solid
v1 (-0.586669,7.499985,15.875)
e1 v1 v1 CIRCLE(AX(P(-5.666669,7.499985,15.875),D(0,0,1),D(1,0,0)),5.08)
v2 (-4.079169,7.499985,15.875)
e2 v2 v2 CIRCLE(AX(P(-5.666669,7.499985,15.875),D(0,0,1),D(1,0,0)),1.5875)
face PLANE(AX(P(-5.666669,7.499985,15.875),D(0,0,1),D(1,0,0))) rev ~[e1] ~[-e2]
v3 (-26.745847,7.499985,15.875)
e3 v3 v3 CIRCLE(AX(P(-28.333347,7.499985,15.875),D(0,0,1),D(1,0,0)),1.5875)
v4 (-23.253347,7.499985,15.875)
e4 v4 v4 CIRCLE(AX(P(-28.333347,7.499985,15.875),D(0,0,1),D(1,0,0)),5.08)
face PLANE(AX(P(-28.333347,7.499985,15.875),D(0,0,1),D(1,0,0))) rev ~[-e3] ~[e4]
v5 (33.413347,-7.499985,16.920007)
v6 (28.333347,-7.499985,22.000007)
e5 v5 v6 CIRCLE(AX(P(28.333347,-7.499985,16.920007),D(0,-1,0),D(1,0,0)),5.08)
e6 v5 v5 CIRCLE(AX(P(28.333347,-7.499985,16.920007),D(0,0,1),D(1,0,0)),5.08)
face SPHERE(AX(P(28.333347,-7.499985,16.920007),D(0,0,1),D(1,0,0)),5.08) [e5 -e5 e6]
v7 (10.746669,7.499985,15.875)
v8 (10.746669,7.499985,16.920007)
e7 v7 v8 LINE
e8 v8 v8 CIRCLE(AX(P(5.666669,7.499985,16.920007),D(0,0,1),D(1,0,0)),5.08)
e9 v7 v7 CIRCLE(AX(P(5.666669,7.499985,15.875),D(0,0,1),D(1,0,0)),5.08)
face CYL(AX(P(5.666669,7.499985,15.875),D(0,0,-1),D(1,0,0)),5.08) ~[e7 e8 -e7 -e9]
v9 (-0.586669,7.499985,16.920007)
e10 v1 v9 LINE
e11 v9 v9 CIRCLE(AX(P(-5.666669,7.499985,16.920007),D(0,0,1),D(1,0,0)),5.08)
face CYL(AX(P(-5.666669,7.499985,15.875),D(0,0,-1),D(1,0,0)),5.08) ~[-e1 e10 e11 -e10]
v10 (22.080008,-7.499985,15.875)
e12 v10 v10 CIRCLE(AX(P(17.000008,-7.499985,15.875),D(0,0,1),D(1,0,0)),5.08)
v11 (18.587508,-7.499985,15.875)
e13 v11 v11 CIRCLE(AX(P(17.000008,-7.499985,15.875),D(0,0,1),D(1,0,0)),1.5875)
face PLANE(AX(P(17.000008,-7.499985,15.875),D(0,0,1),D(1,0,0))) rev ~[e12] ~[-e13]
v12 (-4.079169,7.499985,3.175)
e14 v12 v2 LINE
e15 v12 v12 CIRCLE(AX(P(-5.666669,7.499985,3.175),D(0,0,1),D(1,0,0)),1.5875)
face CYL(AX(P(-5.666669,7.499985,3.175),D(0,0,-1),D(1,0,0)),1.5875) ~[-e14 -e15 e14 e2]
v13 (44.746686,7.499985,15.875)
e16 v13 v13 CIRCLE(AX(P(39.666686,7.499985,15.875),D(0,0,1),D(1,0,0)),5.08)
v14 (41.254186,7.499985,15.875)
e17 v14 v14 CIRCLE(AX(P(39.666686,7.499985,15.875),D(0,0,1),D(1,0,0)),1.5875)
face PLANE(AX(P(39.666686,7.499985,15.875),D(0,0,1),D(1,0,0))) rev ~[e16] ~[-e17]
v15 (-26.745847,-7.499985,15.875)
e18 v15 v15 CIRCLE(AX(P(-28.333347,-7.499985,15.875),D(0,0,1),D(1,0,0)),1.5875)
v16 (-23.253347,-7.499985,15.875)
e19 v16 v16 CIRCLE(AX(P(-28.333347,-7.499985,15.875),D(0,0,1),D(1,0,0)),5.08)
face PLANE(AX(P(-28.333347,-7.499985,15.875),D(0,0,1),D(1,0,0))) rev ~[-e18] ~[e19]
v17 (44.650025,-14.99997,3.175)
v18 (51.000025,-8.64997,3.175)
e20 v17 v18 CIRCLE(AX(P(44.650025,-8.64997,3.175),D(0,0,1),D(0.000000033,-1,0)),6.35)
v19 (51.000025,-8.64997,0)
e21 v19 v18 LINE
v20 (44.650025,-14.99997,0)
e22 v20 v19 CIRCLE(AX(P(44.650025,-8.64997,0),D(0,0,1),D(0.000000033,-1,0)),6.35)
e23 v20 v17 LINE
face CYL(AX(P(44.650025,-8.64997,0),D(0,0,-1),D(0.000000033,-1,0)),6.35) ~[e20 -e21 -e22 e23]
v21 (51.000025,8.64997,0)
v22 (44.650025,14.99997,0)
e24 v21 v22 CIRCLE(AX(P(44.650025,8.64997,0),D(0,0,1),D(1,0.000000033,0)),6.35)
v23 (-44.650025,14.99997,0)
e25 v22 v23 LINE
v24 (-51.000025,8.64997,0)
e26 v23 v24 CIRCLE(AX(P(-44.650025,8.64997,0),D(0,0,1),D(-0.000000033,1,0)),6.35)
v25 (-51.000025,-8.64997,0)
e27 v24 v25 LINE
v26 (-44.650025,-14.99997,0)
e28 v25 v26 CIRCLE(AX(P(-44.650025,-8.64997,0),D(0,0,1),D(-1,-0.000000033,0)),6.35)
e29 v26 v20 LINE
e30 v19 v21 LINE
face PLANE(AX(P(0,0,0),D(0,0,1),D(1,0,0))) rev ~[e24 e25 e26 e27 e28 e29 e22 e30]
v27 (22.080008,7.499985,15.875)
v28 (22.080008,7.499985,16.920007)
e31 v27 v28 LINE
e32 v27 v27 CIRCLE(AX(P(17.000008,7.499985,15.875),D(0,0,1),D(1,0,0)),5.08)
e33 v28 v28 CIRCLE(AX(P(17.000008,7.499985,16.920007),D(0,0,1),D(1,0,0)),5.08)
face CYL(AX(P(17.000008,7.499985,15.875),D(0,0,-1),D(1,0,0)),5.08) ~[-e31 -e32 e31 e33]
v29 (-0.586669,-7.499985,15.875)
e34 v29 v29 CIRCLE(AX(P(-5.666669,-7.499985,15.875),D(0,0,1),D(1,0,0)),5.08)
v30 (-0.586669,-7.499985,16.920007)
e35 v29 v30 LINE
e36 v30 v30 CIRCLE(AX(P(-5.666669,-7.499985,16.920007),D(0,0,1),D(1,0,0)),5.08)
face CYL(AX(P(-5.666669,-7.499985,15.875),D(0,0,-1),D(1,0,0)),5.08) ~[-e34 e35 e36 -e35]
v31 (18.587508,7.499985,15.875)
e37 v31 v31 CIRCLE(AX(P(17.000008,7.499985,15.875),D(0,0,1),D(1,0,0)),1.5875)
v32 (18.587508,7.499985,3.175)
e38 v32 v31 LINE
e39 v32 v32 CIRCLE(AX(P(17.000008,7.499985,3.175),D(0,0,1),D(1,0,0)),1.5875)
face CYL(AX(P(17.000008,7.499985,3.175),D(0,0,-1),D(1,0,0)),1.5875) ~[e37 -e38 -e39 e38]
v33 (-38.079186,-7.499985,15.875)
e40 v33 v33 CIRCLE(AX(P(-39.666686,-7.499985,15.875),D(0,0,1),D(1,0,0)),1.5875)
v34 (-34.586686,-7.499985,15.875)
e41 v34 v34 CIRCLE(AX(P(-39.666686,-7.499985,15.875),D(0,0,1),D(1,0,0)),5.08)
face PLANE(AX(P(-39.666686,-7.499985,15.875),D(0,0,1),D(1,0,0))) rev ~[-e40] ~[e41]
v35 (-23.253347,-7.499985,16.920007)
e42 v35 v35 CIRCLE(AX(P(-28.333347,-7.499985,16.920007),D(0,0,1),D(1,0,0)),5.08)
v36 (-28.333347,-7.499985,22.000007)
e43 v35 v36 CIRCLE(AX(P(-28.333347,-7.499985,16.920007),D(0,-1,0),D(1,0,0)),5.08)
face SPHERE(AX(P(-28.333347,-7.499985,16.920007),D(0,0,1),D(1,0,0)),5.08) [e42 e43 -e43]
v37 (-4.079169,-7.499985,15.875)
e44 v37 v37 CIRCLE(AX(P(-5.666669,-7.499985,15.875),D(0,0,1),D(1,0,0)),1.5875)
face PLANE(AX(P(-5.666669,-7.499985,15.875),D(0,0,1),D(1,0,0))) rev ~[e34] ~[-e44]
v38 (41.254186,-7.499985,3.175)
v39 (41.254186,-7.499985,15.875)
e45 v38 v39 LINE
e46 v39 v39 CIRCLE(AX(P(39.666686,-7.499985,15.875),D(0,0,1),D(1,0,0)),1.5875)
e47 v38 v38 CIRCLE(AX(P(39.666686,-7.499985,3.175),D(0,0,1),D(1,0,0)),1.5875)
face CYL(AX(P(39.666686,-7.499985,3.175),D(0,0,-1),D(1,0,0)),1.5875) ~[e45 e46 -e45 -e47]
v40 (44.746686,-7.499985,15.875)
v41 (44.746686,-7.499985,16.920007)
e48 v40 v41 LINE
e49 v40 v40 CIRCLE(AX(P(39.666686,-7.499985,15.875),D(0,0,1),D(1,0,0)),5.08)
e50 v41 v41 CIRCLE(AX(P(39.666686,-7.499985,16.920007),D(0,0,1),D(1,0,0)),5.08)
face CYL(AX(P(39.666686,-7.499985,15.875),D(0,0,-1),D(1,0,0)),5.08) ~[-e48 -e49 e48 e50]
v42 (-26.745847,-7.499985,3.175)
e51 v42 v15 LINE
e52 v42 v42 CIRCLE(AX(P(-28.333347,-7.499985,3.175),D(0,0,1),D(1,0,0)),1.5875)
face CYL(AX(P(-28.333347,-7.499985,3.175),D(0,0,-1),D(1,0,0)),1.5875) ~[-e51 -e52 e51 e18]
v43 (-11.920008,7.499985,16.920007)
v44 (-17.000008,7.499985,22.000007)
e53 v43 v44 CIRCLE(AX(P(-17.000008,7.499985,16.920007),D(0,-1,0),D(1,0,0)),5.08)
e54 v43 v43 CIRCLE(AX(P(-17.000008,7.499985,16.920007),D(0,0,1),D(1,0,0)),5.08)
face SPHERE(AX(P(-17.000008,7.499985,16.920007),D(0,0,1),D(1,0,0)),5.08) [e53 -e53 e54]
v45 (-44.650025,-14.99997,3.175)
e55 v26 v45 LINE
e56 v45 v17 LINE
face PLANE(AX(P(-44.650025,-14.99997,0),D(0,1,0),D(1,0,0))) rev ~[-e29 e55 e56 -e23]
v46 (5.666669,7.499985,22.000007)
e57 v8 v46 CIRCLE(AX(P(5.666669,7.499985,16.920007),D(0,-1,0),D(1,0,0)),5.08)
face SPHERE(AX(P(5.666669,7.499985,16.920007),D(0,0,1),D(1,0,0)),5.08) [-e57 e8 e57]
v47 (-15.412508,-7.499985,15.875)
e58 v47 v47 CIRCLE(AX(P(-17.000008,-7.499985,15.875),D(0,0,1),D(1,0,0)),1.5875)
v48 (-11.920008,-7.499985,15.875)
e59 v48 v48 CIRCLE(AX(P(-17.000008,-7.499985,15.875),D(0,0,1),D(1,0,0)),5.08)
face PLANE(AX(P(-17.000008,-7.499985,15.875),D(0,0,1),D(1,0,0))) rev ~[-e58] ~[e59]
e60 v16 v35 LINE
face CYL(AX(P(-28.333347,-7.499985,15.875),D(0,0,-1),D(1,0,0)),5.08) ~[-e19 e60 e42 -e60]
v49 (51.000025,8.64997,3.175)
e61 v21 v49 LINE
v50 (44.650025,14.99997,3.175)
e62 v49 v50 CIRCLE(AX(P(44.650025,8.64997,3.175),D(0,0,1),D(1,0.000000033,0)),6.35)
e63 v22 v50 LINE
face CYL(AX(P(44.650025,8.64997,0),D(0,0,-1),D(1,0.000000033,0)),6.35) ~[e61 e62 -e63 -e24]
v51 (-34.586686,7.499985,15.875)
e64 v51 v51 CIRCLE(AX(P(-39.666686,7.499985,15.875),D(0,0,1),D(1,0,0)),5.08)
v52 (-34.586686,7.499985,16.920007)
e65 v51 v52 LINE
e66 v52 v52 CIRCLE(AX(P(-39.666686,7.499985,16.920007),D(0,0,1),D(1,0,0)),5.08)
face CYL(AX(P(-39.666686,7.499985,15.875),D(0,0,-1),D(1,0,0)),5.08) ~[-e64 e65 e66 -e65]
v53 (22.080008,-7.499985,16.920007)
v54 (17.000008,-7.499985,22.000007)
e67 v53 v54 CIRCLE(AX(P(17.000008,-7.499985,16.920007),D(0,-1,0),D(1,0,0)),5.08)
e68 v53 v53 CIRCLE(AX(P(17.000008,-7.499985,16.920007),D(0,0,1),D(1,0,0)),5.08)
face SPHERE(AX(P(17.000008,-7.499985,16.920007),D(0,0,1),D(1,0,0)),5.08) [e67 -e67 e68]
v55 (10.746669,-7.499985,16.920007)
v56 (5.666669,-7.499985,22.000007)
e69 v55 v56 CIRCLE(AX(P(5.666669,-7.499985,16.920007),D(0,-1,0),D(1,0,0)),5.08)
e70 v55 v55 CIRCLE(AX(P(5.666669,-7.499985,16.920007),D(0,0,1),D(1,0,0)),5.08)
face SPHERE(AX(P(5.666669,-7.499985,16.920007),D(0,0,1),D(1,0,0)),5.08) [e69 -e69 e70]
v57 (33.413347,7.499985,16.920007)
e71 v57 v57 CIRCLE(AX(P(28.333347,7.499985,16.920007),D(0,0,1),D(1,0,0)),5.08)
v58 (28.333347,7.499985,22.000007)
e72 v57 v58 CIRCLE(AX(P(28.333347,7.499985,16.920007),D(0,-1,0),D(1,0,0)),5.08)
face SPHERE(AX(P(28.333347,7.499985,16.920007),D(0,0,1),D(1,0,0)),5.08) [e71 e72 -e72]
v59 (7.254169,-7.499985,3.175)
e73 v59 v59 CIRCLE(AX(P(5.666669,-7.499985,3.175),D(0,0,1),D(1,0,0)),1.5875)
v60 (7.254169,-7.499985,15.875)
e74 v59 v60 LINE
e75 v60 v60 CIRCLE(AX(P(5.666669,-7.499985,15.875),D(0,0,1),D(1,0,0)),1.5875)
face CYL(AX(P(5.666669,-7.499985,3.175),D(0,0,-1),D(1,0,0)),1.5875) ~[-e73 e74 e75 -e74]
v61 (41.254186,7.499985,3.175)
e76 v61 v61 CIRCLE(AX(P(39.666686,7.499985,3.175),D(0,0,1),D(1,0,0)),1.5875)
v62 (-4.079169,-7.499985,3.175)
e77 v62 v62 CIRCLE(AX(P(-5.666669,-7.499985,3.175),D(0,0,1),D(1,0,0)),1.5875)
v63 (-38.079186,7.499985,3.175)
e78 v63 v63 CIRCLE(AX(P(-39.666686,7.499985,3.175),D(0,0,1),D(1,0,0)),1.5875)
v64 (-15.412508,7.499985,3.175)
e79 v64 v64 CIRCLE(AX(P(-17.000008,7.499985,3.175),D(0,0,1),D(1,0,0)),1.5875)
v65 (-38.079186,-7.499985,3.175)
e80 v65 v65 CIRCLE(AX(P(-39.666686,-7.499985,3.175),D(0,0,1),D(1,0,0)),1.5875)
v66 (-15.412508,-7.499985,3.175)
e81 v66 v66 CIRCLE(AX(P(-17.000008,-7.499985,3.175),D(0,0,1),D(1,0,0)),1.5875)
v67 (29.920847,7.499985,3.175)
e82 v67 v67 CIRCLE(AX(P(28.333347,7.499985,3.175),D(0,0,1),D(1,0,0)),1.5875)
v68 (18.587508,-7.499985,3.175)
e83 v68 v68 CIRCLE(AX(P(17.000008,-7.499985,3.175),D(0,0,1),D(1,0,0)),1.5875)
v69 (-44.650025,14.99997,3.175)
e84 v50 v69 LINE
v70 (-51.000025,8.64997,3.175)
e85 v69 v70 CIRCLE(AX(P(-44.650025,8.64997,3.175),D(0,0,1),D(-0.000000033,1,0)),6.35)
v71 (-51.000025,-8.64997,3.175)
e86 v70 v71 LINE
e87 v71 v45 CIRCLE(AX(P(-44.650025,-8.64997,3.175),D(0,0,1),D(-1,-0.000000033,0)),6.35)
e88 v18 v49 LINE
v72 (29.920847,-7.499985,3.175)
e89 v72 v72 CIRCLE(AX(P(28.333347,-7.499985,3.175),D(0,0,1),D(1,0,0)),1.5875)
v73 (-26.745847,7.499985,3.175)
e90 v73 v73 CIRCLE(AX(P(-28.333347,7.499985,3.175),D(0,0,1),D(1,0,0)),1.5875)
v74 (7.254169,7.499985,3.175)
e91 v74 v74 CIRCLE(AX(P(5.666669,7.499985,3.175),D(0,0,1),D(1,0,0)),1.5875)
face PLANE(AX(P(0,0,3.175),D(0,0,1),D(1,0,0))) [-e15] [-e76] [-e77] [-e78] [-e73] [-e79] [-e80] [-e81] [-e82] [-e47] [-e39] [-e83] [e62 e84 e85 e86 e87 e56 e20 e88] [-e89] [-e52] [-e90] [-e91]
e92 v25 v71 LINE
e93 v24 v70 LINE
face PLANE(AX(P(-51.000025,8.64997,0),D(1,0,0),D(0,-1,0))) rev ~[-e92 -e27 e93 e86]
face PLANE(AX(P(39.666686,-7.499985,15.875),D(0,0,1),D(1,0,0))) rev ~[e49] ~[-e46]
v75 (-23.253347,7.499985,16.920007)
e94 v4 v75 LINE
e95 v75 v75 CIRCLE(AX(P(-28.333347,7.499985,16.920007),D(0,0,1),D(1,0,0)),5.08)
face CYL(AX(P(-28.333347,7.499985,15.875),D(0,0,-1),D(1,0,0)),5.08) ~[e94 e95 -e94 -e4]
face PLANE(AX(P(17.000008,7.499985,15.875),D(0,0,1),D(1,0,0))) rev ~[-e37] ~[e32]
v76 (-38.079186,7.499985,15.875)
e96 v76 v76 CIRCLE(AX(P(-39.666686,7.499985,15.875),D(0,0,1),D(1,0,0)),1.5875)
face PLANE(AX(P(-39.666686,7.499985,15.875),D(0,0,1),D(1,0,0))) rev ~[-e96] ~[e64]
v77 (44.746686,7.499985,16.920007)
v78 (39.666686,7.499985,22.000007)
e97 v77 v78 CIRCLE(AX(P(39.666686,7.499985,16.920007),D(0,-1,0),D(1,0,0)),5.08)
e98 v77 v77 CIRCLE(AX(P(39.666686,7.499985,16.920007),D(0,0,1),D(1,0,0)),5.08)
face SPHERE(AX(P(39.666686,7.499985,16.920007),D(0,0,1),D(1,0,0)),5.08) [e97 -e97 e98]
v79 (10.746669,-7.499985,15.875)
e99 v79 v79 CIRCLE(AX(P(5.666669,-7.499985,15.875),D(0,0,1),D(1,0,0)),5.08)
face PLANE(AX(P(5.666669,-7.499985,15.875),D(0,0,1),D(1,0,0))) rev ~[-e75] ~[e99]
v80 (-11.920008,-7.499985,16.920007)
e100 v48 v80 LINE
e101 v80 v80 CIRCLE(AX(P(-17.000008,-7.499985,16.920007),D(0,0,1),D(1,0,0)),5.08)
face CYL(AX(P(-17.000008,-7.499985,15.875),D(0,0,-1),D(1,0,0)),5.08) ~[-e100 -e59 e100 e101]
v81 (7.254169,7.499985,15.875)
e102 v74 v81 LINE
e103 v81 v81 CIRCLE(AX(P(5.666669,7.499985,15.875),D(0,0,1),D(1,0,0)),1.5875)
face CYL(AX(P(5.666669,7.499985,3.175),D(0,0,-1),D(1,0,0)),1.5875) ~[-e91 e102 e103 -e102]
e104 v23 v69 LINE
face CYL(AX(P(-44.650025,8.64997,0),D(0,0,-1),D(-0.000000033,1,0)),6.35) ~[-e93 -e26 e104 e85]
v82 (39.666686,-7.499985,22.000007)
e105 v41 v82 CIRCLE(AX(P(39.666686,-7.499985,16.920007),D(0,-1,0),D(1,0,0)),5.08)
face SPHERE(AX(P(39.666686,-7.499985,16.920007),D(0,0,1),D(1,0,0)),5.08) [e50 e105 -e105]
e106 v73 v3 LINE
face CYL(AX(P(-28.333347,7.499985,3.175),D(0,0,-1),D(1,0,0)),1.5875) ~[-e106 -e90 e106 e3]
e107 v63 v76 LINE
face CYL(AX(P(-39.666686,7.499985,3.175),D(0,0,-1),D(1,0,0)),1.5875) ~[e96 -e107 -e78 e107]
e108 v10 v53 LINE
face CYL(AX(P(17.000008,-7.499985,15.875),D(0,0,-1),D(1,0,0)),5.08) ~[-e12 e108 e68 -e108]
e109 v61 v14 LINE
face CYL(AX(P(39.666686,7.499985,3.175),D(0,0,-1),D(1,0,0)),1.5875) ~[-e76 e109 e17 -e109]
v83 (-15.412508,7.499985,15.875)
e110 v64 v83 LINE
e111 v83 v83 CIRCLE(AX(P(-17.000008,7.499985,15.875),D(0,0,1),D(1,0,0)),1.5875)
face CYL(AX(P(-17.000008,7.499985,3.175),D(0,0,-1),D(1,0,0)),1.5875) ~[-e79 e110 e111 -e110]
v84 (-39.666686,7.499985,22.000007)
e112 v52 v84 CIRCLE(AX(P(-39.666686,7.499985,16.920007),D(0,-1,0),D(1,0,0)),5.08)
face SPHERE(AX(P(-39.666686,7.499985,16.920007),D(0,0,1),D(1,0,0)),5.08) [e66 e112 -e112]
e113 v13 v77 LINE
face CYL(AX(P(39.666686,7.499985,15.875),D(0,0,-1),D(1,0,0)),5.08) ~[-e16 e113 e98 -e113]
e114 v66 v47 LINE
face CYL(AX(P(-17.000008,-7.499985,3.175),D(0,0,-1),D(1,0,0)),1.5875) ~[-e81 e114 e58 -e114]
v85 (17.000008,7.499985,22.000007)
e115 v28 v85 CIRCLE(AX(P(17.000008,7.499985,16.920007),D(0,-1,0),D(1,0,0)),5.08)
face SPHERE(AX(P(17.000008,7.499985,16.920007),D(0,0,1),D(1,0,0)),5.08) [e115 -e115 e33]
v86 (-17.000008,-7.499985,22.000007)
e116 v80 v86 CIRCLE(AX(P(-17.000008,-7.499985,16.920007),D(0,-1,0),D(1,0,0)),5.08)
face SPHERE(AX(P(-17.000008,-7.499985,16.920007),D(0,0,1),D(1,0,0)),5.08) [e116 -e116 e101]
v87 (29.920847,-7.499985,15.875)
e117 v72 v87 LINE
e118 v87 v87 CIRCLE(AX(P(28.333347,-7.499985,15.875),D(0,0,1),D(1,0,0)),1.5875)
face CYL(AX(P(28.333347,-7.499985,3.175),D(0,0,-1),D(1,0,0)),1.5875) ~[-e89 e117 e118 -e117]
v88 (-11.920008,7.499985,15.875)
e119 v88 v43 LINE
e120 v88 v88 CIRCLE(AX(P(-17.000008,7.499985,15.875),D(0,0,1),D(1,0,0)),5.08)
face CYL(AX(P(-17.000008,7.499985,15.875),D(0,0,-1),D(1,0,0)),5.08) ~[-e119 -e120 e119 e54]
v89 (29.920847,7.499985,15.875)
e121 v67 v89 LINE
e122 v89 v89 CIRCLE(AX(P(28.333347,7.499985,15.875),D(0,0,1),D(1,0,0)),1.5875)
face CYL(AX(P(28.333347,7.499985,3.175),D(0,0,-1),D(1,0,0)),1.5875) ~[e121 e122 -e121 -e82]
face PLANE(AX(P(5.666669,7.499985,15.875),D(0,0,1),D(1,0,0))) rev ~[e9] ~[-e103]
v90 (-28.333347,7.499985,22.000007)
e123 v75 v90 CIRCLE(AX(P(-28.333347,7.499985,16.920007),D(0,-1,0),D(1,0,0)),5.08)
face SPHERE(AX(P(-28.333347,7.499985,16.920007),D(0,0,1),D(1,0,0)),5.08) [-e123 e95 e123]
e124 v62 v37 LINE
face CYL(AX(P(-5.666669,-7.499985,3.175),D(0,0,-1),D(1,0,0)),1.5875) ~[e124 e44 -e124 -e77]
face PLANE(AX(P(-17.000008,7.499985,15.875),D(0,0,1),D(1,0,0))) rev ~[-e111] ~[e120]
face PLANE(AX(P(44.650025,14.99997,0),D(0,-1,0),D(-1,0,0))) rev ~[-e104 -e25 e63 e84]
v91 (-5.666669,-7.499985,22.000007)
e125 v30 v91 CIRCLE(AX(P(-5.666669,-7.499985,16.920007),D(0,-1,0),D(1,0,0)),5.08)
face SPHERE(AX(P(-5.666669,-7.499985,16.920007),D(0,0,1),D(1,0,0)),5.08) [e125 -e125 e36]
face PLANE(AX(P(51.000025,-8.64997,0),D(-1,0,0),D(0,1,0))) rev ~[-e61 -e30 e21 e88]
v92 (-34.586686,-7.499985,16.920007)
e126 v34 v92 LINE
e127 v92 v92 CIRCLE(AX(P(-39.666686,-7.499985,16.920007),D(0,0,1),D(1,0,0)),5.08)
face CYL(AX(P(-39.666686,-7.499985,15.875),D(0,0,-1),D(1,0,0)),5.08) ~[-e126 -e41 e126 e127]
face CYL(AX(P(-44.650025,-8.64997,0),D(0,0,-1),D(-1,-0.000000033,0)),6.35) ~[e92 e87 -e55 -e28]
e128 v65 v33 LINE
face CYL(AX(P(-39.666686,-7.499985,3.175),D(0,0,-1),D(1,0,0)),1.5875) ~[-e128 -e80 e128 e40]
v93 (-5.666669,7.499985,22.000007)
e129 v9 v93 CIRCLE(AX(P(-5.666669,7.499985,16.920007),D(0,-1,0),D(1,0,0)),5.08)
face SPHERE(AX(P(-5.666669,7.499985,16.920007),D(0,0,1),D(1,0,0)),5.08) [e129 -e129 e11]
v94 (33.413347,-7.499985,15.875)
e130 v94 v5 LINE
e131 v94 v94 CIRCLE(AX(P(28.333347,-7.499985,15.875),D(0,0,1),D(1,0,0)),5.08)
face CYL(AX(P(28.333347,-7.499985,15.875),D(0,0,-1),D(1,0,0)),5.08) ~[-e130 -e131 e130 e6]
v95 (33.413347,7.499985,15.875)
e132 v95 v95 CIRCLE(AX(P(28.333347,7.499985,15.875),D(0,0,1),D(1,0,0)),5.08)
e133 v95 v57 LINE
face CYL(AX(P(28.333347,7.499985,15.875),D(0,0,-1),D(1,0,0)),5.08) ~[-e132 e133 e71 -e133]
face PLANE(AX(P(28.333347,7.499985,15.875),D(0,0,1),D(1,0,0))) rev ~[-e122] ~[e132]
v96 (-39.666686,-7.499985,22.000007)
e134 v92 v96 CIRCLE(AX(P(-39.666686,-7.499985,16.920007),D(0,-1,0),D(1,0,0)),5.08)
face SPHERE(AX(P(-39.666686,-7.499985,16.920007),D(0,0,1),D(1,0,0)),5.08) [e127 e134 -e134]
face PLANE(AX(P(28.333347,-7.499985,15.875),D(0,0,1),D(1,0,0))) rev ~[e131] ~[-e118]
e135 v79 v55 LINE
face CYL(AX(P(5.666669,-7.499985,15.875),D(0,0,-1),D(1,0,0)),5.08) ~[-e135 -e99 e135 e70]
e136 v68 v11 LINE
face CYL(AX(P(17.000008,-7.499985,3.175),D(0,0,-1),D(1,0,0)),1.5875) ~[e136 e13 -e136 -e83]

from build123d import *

# Parameters (mm, degrees)
F1_DEPTH = 3.175
F2_R     = 1.5875
F3_DEPTH = 12.7
F4_R     = 5.08
F5_DEPTH = 6.125007
F6_R     = 5.08


with BuildPart() as f1:
    # F0 (on Top) → F1 (new body)
    with BuildSketch(Plane.XY):
        with BuildLine():
            Line((-44.650025, -14.99997), (44.650025, -14.99997))
            ThreePointArc((44.650025, -14.99997), (49.140153, -13.140098), (51.000025, -8.64997))
            Line((51.000025, -8.64997), (51.000025, 8.64997))
            ThreePointArc((51.000025, 8.64997), (49.140153, 13.140098), (44.650025, 14.99997))
            Line((44.650025, 14.99997), (-44.650025, 14.99997))
            ThreePointArc((-44.650025, 14.99997), (-49.140153, 13.140098), (-51.000025, 8.64997))
            Line((-51.000025, 8.64997), (-51.000025, -8.64997))
            ThreePointArc((-51.000025, -8.64997), (-49.140153, -13.140098), (-44.650025, -14.99997))
        make_face()
    extrude(amount=F1_DEPTH)

    # F2 (on face) → F3 (join)
    with BuildSketch(Plane.XY.offset(3.175)):
        with Locations((-39.666686, 7.499985)):
            Circle(F2_R)
        with Locations((-28.333347, 7.499985)):
            Circle(F2_R)
        with Locations((-17.000008, 7.499985)):
            Circle(F2_R)
        with Locations((-5.666669, 7.499985)):
            Circle(F2_R)
        with Locations((5.666669, 7.499985)):
            Circle(F2_R)
        with Locations((17.000008, 7.499985)):
            Circle(F2_R)
        with Locations((28.333347, 7.499985)):
            Circle(F2_R)
        with Locations((39.666686, 7.499985)):
            Circle(F2_R)
        with Locations((-39.666686, -7.499985)):
            Circle(F2_R)
        with Locations((-28.333347, -7.499985)):
            Circle(F2_R)
        with Locations((-17.000008, -7.499985)):
            Circle(F2_R)
        with Locations((-5.666669, -7.499985)):
            Circle(F2_R)
        with Locations((5.666669, -7.499985)):
            Circle(F2_R)
        with Locations((17.000008, -7.499985)):
            Circle(F2_R)
        with Locations((28.333347, -7.499985)):
            Circle(F2_R)
        with Locations((39.666686, -7.499985)):
            Circle(F2_R)
    extrude(amount=F3_DEPTH)

    # F4 (on face) → F5 (join)
    with BuildSketch(Plane.XY.offset(15.875)):
        with Locations((-39.666686, 7.499985)):
            Circle(F4_R)
        with Locations((-28.333347, 7.499985)):
            Circle(F4_R)
        with Locations((-17.000008, 7.499985)):
            Circle(F4_R)
        with Locations((-5.666669, 7.499985)):
            Circle(F4_R)
        with Locations((5.666669, 7.499985)):
            Circle(F4_R)
        with Locations((17.000008, 7.499985)):
            Circle(F4_R)
        with Locations((28.333347, 7.499985)):
            Circle(F4_R)
        with Locations((39.666686, 7.499985)):
            Circle(F4_R)
        with Locations((-39.666686, -7.499985)):
            Circle(F4_R)
        with Locations((-28.333347, -7.499985)):
            Circle(F4_R)
        with Locations((-17.000008, -7.499985)):
            Circle(F4_R)
        with Locations((-5.666669, -7.499985)):
            Circle(F4_R)
        with Locations((5.666669, -7.499985)):
            Circle(F4_R)
        with Locations((17.000008, -7.499985)):
            Circle(F4_R)
        with Locations((28.333347, -7.499985)):
            Circle(F4_R)
        with Locations((39.666686, -7.499985)):
            Circle(F4_R)
    extrude(amount=F5_DEPTH)

    # F6
    f6_edges = [f1.edges().sort_by_distance(p)[0] for p in [
        (-44.746686, 7.499985, 22.000007),
        (-33.413347, 7.499985, 22.000007),
        (-22.080008, 7.499985, 22.000007),
        (-10.746669, 7.499985, 22.000007),
        (0.586669, 7.499985, 22.000007),
        (11.920008, 7.499985, 22.000007),
        (23.253347, 7.499985, 22.000007),
        (34.586686, 7.499985, 22.000007),
        (34.586686, -7.499985, 22.000007),
        (23.253347, -7.499985, 22.000007),
        (11.920008, -7.499985, 22.000007),
        (0.586669, -7.499985, 22.000007),
        (-10.746669, -7.499985, 22.000007),
        (-22.080008, -7.499985, 22.000007),
        (-33.413347, -7.499985, 22.000007),
        (-44.746686, -7.499985, 22.000007),
    ]]
    fillet(f6_edges, radius=F6_R)


solid = f1.part
